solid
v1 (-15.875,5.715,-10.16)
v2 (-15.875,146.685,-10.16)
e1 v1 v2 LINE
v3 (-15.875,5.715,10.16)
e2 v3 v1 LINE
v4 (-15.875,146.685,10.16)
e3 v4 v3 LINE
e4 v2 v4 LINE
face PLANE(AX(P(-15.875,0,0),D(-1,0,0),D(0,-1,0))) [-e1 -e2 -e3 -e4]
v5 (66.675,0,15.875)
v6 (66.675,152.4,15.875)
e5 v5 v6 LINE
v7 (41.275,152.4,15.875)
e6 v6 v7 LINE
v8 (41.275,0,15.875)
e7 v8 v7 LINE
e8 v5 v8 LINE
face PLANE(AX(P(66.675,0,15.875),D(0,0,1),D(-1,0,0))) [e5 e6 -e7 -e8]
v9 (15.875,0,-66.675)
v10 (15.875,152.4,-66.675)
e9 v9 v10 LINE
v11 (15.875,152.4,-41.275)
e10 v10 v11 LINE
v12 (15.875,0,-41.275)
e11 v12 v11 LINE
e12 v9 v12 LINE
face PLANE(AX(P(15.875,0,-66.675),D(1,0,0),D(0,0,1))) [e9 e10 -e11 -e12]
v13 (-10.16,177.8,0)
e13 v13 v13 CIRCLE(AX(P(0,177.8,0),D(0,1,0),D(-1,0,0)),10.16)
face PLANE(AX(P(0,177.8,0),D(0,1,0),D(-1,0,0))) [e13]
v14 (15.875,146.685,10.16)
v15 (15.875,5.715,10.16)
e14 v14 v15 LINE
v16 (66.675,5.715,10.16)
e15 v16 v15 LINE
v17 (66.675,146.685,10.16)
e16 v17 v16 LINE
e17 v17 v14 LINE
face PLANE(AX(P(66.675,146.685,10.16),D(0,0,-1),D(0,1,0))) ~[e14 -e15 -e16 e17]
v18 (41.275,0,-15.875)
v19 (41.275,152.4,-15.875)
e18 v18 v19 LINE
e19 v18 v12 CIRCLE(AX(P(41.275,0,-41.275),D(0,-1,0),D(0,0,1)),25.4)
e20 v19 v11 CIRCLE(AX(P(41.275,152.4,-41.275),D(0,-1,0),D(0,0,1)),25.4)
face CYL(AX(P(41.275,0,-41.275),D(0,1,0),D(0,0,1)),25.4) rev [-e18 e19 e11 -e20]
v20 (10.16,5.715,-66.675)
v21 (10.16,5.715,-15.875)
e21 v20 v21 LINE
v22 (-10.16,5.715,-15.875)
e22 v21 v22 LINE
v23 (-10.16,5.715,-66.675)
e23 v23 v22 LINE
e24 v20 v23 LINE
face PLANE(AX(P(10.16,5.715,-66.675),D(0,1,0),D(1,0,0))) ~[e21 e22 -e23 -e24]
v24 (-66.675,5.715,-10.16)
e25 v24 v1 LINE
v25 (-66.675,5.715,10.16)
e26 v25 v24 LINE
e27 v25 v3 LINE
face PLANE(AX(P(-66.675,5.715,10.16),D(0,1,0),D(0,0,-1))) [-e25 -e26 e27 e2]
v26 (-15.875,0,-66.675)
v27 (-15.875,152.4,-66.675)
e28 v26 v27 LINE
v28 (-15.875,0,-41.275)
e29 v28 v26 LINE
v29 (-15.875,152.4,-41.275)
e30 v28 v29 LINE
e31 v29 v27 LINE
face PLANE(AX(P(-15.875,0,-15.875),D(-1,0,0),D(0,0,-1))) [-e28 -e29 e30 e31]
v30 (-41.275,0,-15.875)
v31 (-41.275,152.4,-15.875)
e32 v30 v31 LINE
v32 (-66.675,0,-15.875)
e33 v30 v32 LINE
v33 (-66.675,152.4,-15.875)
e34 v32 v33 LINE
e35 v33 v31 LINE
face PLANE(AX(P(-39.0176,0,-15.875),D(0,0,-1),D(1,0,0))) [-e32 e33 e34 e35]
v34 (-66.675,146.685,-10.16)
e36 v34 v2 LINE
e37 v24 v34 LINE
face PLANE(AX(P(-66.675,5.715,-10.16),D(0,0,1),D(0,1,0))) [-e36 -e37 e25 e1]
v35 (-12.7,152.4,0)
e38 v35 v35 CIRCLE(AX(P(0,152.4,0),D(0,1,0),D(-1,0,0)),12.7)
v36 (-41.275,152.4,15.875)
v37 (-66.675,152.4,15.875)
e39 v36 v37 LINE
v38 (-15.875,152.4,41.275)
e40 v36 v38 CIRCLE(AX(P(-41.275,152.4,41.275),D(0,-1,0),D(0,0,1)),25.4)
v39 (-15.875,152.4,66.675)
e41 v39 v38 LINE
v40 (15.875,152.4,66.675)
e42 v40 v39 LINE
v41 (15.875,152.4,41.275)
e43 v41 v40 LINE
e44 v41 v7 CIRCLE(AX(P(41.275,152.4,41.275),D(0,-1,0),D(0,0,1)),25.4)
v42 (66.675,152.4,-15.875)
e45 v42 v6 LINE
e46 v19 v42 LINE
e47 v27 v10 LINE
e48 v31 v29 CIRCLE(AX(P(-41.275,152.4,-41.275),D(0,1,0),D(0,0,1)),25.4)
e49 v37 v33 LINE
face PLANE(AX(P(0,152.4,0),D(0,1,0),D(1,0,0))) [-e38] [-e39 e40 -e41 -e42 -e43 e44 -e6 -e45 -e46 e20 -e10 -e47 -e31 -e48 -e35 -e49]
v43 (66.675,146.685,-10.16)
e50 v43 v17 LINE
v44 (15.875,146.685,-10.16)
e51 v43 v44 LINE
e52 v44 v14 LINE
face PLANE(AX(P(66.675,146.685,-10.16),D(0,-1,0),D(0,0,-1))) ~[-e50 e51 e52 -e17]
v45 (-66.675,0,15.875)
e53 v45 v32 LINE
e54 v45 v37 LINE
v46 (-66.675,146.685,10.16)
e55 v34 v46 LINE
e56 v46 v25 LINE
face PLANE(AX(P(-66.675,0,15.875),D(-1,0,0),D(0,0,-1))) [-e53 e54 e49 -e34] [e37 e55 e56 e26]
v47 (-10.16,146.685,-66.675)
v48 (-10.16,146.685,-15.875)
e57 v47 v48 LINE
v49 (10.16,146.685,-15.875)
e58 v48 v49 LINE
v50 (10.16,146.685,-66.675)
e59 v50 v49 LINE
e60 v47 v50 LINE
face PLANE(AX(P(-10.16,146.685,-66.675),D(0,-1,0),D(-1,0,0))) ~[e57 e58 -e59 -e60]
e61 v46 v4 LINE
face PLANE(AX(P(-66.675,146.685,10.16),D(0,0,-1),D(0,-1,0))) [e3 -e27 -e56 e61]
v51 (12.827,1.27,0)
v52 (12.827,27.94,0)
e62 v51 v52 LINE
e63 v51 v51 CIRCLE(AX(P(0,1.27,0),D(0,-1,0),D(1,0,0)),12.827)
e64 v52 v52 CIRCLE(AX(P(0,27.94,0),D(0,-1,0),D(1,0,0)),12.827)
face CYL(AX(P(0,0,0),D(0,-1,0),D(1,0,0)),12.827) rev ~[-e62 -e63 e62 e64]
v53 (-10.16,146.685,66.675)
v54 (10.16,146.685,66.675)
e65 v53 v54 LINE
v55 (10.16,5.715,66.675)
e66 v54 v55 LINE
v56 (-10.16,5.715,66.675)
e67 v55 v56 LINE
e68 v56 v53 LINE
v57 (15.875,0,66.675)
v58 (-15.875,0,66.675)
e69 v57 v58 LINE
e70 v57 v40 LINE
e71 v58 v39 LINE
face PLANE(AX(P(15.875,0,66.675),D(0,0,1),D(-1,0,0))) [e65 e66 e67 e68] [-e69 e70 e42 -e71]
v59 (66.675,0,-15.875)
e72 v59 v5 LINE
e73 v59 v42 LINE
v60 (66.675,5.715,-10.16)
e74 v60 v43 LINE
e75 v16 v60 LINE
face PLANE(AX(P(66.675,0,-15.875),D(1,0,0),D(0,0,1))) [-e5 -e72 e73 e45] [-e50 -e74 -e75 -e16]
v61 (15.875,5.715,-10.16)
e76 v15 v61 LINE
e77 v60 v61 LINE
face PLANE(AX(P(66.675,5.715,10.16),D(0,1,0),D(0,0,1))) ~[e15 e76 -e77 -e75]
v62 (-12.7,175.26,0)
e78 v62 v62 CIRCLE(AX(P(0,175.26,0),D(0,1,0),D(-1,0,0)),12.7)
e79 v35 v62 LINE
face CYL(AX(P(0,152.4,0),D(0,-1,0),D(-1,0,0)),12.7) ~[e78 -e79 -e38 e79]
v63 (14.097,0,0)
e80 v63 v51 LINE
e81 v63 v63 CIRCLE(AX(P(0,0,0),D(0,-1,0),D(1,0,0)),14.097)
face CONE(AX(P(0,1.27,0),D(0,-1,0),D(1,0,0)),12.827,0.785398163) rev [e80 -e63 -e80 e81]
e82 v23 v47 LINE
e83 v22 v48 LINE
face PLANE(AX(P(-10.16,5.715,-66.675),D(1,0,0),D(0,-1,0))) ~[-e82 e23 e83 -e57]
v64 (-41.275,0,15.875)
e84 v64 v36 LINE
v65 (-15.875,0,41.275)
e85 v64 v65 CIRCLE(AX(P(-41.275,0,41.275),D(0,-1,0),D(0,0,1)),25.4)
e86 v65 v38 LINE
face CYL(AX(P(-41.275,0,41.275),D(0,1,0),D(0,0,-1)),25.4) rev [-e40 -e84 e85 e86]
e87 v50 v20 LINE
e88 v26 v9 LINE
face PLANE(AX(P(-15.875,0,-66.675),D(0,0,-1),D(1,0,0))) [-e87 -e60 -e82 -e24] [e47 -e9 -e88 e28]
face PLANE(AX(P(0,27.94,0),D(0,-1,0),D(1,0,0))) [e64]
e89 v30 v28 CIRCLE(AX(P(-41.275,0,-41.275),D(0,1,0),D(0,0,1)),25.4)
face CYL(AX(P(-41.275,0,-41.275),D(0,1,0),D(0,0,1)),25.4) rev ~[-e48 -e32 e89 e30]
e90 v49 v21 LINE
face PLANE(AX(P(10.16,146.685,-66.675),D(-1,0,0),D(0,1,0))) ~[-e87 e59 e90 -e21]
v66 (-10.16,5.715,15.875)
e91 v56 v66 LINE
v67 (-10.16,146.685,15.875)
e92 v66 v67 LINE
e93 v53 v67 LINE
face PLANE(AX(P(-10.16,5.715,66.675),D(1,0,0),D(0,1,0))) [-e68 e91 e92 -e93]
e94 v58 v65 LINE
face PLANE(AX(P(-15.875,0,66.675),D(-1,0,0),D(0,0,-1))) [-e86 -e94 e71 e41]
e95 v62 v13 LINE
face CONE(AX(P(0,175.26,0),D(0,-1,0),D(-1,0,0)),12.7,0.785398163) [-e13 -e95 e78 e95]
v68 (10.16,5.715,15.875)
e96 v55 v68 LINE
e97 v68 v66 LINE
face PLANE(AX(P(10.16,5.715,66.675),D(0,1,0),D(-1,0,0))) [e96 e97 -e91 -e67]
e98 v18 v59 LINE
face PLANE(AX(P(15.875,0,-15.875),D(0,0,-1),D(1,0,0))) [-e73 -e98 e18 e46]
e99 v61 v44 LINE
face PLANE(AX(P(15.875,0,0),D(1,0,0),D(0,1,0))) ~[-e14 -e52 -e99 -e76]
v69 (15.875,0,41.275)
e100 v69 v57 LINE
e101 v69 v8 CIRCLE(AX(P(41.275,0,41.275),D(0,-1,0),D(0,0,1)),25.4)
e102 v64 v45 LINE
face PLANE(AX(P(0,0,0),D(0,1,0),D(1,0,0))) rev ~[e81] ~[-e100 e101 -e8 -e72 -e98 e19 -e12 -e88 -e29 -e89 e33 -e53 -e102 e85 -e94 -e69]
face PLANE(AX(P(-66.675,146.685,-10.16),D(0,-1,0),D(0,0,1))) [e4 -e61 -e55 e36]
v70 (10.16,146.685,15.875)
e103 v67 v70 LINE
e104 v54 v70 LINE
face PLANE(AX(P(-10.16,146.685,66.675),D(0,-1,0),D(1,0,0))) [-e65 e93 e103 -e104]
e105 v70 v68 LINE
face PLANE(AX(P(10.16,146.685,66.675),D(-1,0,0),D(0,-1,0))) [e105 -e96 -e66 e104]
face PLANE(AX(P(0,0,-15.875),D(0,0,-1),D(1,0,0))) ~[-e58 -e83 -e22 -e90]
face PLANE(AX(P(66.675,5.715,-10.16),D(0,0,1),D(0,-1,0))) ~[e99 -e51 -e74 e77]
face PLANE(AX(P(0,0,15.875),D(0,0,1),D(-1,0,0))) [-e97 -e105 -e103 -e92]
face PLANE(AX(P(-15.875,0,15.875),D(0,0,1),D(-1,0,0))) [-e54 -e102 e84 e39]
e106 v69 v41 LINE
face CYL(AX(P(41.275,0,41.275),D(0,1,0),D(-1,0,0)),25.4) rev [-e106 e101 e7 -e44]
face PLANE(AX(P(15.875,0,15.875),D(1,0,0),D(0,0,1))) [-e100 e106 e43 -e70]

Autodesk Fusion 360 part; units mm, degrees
sketch "Sketch1" plane through (0, 0, 0) normal (0, 1, 0) x (1, 0, 0)
sketch "Sketch2" plane through (0, 0, 0) normal (0, 1, 0) x (1, 0, 0)
  line L0 (-39.0176, 15.875) -> (-15.875, 15.875)
  line L1 (-15.875, 15.875) -> (-15.875, 66.675)
  line L2 (-15.875, 66.675) -> (15.875, 66.675)
  line L3 (15.875, 66.675) -> (15.875, 15.875)
  line L4 (15.875, 15.875) -> (66.675, 15.875)
  line L5 (66.675, 15.875) -> (66.675, -15.875)
  line L6 (66.675, -15.875) -> (15.875, -15.875)
  line L7 (15.875, -15.875) -> (15.875, -66.675)
  line L8 (15.875, -66.675) -> (-15.875, -66.675)
  line L9 (-15.875, -66.675) -> (-15.875, -15.875)
  line L10 (-15.875, -15.875) -> (-66.675, -15.875)
  line L11 (-66.675, -15.875) -> (-66.675, 15.875)
  line L12 (-66.675, 15.875) -> (-39.0176, 15.875)
  line L13 (1.75, 0) -> (22.5, 0)
  line L14 (0, -1.75) -> (0, -22.5)
  dimension "d1" = 31.75
  dimension "d2" = 31.75
  dimension "d7" = 50.8
  dimension "d8" = 50.8
extrude "Extrude1" add sketch "Sketch2" along normal blind 152.4
sketch "Sketch3" plane through (-66.675, 0, 0) normal (-1, 0, 0) x (0, -1, 0)
  line L0 (0, -15.875) -> (0, 15.875)
  line L1 (0, 15.875) -> (-152.4, 15.875)
  line L2 (-152.4, 15.875) -> (-152.4, -15.875)
  line L3 (-152.4, -15.875) -> (0, -15.875)
  line L4 (-146.685, 10.16) -> (-5.715, 10.16)
  line L5 (-5.715, 10.16) -> (-5.715, -10.16)
  line L6 (-5.715, -10.16) -> (-146.685, -10.16)
  line L7 (-146.685, -10.16) -> (-146.685, 10.16)
  dimension "d11" = 140.97
  dimension "d12" = 20.32
  dimension "d13" = 5.715
  dimension "d14" = 5.715
extrude "Extrude2" cut sketch "Sketch3" against normal blind 50.8 contours L4 L5 L6 L7
mirror "Mirror1" about plane through (0, 0, 0) normal (1, 0, 0) of "Extrude2"
fillet "Fillet1" radius 25.4 1 edges at (15.875, 76.2, 15.875)
fillet "Fillet1" radius 25.4 3 edges at (-15.875, 76.2, 15.875) (-15.875, 76.2, -15.875) (15.875, 76.2, -15.875)
sketch "Sketch4" plane through (0, 0, 66.675) normal (0, 0, 1) x (-1, 0, 0)
  line L0 (15.875, 0) -> (-15.875, 0)
  line L1 (-15.875, 0) -> (-15.875, -152.4)
  line L2 (-15.875, -152.4) -> (15.875, -152.4)
  line L3 (15.875, -152.4) -> (15.875, 0)
  line L4 (10.16, -146.685) -> (-10.16, -146.685)
  line L5 (-10.16, -146.685) -> (-10.16, -5.715)
  line L6 (-10.16, -5.715) -> (10.16, -5.715)
  line L7 (10.16, -5.715) -> (10.16, -146.685)
  dimension "d24" = 5.715
  dimension "d25" = 5.715
  dimension "d26" = 5.715
  dimension "d27" = 5.715
extrude "Extrude3" cut sketch "Sketch4" against normal blind 50.8 contours L4 L5 L6 L7
mirror "Mirror2" about plane through (0, 0, 0) normal (0, 0, 1) of "Extrude3"
sketch "Sketch6" plane through (0, 152.4, 0) normal (0, 1, 0) x (-1, 0, 0)
  line L0 (66.675, -15.875) -> (66.675, 15.875)
  line L1 (66.675, 15.875) -> (41.275, 15.875)
  arc A0 (15.875, 41.275) -> (41.275, 15.875) centre (41.275, 41.275) ccw
  line L2 (15.875, 41.275) -> (15.875, 66.675)
  line L3 (15.875, 66.675) -> (-15.875, 66.675)
  line L4 (-15.875, 66.675) -> (-15.875, 41.275)
  arc A1 (-41.275, 15.875) -> (-15.875, 41.275) centre (-41.275, 41.275) ccw
  line L5 (-41.275, 15.875) -> (-66.675, 15.875)
  line L6 (-66.675, 15.875) -> (-66.675, -15.875)
  line L7 (-66.675, -15.875) -> (-41.275, -15.875)
  arc A2 (-15.875, -41.275) -> (-41.275, -15.875) centre (-41.275, -41.275) ccw
  line L8 (-15.875, -41.275) -> (-15.875, -66.675)
  line L9 (-15.875, -66.675) -> (15.875, -66.675)
  line L10 (15.875, -66.675) -> (15.875, -41.275)
  arc A3 (41.275, -15.875) -> (15.875, -41.275) centre (41.275, -41.275) ccw
  line L11 (41.275, -15.875) -> (66.675, -15.875)
  circle A4 centre (0, 0) radius 12.7
  dimension "d32" = 25.4
extrude "Extrude4" add sketch "Sketch6" along normal blind 25.4 contours A4
chamfer "Chamfer1" distance 2.54 angle 45 1 edges at (11.8406, 177.8, -4.5925)
sketch "Sketch7" plane through (0, 0, 0) normal (0, -1, 0) x (1, 0, 0)
  line L0 (-66.675, 15.875) -> (-66.675, -15.875)
  line L1 (-66.675, -15.875) -> (-41.275, -15.875)
  arc A0 (-15.875, -41.275) -> (-41.275, -15.875) centre (-41.275, -41.275) ccw
  line L2 (-15.875, -41.275) -> (-15.875, -66.675)
  line L3 (-15.875, -66.675) -> (15.875, -66.675)
  line L4 (15.875, -66.675) -> (15.875, -41.275)
  arc A1 (41.275, -15.875) -> (15.875, -41.275) centre (41.275, -41.275) ccw
  line L5 (41.275, -15.875) -> (66.675, -15.875)
  line L6 (66.675, -15.875) -> (66.675, 15.875)
  line L7 (66.675, 15.875) -> (41.275, 15.875)
  arc A2 (15.875, 41.275) -> (41.275, 15.875) centre (41.275, 41.275) ccw
  line L8 (15.875, 41.275) -> (15.875, 66.675)
  line L9 (15.875, 66.675) -> (-15.875, 66.675)
  line L10 (-15.875, 66.675) -> (-15.875, 41.275)
  arc A3 (-41.275, 15.875) -> (-15.875, 41.275) centre (-41.275, 41.275) ccw
  line L11 (-41.275, 15.875) -> (-66.675, 15.875)
  circle A4 centre (0, 0) radius 12.827
  dimension "d36" = 25.654
extrude "Extrude5" cut sketch "Sketch7" against normal blind 27.94 contours A4
chamfer "Chamfer2" distance 1.27 angle 45 1 edges at (-11.959, 0, 4.6384)
